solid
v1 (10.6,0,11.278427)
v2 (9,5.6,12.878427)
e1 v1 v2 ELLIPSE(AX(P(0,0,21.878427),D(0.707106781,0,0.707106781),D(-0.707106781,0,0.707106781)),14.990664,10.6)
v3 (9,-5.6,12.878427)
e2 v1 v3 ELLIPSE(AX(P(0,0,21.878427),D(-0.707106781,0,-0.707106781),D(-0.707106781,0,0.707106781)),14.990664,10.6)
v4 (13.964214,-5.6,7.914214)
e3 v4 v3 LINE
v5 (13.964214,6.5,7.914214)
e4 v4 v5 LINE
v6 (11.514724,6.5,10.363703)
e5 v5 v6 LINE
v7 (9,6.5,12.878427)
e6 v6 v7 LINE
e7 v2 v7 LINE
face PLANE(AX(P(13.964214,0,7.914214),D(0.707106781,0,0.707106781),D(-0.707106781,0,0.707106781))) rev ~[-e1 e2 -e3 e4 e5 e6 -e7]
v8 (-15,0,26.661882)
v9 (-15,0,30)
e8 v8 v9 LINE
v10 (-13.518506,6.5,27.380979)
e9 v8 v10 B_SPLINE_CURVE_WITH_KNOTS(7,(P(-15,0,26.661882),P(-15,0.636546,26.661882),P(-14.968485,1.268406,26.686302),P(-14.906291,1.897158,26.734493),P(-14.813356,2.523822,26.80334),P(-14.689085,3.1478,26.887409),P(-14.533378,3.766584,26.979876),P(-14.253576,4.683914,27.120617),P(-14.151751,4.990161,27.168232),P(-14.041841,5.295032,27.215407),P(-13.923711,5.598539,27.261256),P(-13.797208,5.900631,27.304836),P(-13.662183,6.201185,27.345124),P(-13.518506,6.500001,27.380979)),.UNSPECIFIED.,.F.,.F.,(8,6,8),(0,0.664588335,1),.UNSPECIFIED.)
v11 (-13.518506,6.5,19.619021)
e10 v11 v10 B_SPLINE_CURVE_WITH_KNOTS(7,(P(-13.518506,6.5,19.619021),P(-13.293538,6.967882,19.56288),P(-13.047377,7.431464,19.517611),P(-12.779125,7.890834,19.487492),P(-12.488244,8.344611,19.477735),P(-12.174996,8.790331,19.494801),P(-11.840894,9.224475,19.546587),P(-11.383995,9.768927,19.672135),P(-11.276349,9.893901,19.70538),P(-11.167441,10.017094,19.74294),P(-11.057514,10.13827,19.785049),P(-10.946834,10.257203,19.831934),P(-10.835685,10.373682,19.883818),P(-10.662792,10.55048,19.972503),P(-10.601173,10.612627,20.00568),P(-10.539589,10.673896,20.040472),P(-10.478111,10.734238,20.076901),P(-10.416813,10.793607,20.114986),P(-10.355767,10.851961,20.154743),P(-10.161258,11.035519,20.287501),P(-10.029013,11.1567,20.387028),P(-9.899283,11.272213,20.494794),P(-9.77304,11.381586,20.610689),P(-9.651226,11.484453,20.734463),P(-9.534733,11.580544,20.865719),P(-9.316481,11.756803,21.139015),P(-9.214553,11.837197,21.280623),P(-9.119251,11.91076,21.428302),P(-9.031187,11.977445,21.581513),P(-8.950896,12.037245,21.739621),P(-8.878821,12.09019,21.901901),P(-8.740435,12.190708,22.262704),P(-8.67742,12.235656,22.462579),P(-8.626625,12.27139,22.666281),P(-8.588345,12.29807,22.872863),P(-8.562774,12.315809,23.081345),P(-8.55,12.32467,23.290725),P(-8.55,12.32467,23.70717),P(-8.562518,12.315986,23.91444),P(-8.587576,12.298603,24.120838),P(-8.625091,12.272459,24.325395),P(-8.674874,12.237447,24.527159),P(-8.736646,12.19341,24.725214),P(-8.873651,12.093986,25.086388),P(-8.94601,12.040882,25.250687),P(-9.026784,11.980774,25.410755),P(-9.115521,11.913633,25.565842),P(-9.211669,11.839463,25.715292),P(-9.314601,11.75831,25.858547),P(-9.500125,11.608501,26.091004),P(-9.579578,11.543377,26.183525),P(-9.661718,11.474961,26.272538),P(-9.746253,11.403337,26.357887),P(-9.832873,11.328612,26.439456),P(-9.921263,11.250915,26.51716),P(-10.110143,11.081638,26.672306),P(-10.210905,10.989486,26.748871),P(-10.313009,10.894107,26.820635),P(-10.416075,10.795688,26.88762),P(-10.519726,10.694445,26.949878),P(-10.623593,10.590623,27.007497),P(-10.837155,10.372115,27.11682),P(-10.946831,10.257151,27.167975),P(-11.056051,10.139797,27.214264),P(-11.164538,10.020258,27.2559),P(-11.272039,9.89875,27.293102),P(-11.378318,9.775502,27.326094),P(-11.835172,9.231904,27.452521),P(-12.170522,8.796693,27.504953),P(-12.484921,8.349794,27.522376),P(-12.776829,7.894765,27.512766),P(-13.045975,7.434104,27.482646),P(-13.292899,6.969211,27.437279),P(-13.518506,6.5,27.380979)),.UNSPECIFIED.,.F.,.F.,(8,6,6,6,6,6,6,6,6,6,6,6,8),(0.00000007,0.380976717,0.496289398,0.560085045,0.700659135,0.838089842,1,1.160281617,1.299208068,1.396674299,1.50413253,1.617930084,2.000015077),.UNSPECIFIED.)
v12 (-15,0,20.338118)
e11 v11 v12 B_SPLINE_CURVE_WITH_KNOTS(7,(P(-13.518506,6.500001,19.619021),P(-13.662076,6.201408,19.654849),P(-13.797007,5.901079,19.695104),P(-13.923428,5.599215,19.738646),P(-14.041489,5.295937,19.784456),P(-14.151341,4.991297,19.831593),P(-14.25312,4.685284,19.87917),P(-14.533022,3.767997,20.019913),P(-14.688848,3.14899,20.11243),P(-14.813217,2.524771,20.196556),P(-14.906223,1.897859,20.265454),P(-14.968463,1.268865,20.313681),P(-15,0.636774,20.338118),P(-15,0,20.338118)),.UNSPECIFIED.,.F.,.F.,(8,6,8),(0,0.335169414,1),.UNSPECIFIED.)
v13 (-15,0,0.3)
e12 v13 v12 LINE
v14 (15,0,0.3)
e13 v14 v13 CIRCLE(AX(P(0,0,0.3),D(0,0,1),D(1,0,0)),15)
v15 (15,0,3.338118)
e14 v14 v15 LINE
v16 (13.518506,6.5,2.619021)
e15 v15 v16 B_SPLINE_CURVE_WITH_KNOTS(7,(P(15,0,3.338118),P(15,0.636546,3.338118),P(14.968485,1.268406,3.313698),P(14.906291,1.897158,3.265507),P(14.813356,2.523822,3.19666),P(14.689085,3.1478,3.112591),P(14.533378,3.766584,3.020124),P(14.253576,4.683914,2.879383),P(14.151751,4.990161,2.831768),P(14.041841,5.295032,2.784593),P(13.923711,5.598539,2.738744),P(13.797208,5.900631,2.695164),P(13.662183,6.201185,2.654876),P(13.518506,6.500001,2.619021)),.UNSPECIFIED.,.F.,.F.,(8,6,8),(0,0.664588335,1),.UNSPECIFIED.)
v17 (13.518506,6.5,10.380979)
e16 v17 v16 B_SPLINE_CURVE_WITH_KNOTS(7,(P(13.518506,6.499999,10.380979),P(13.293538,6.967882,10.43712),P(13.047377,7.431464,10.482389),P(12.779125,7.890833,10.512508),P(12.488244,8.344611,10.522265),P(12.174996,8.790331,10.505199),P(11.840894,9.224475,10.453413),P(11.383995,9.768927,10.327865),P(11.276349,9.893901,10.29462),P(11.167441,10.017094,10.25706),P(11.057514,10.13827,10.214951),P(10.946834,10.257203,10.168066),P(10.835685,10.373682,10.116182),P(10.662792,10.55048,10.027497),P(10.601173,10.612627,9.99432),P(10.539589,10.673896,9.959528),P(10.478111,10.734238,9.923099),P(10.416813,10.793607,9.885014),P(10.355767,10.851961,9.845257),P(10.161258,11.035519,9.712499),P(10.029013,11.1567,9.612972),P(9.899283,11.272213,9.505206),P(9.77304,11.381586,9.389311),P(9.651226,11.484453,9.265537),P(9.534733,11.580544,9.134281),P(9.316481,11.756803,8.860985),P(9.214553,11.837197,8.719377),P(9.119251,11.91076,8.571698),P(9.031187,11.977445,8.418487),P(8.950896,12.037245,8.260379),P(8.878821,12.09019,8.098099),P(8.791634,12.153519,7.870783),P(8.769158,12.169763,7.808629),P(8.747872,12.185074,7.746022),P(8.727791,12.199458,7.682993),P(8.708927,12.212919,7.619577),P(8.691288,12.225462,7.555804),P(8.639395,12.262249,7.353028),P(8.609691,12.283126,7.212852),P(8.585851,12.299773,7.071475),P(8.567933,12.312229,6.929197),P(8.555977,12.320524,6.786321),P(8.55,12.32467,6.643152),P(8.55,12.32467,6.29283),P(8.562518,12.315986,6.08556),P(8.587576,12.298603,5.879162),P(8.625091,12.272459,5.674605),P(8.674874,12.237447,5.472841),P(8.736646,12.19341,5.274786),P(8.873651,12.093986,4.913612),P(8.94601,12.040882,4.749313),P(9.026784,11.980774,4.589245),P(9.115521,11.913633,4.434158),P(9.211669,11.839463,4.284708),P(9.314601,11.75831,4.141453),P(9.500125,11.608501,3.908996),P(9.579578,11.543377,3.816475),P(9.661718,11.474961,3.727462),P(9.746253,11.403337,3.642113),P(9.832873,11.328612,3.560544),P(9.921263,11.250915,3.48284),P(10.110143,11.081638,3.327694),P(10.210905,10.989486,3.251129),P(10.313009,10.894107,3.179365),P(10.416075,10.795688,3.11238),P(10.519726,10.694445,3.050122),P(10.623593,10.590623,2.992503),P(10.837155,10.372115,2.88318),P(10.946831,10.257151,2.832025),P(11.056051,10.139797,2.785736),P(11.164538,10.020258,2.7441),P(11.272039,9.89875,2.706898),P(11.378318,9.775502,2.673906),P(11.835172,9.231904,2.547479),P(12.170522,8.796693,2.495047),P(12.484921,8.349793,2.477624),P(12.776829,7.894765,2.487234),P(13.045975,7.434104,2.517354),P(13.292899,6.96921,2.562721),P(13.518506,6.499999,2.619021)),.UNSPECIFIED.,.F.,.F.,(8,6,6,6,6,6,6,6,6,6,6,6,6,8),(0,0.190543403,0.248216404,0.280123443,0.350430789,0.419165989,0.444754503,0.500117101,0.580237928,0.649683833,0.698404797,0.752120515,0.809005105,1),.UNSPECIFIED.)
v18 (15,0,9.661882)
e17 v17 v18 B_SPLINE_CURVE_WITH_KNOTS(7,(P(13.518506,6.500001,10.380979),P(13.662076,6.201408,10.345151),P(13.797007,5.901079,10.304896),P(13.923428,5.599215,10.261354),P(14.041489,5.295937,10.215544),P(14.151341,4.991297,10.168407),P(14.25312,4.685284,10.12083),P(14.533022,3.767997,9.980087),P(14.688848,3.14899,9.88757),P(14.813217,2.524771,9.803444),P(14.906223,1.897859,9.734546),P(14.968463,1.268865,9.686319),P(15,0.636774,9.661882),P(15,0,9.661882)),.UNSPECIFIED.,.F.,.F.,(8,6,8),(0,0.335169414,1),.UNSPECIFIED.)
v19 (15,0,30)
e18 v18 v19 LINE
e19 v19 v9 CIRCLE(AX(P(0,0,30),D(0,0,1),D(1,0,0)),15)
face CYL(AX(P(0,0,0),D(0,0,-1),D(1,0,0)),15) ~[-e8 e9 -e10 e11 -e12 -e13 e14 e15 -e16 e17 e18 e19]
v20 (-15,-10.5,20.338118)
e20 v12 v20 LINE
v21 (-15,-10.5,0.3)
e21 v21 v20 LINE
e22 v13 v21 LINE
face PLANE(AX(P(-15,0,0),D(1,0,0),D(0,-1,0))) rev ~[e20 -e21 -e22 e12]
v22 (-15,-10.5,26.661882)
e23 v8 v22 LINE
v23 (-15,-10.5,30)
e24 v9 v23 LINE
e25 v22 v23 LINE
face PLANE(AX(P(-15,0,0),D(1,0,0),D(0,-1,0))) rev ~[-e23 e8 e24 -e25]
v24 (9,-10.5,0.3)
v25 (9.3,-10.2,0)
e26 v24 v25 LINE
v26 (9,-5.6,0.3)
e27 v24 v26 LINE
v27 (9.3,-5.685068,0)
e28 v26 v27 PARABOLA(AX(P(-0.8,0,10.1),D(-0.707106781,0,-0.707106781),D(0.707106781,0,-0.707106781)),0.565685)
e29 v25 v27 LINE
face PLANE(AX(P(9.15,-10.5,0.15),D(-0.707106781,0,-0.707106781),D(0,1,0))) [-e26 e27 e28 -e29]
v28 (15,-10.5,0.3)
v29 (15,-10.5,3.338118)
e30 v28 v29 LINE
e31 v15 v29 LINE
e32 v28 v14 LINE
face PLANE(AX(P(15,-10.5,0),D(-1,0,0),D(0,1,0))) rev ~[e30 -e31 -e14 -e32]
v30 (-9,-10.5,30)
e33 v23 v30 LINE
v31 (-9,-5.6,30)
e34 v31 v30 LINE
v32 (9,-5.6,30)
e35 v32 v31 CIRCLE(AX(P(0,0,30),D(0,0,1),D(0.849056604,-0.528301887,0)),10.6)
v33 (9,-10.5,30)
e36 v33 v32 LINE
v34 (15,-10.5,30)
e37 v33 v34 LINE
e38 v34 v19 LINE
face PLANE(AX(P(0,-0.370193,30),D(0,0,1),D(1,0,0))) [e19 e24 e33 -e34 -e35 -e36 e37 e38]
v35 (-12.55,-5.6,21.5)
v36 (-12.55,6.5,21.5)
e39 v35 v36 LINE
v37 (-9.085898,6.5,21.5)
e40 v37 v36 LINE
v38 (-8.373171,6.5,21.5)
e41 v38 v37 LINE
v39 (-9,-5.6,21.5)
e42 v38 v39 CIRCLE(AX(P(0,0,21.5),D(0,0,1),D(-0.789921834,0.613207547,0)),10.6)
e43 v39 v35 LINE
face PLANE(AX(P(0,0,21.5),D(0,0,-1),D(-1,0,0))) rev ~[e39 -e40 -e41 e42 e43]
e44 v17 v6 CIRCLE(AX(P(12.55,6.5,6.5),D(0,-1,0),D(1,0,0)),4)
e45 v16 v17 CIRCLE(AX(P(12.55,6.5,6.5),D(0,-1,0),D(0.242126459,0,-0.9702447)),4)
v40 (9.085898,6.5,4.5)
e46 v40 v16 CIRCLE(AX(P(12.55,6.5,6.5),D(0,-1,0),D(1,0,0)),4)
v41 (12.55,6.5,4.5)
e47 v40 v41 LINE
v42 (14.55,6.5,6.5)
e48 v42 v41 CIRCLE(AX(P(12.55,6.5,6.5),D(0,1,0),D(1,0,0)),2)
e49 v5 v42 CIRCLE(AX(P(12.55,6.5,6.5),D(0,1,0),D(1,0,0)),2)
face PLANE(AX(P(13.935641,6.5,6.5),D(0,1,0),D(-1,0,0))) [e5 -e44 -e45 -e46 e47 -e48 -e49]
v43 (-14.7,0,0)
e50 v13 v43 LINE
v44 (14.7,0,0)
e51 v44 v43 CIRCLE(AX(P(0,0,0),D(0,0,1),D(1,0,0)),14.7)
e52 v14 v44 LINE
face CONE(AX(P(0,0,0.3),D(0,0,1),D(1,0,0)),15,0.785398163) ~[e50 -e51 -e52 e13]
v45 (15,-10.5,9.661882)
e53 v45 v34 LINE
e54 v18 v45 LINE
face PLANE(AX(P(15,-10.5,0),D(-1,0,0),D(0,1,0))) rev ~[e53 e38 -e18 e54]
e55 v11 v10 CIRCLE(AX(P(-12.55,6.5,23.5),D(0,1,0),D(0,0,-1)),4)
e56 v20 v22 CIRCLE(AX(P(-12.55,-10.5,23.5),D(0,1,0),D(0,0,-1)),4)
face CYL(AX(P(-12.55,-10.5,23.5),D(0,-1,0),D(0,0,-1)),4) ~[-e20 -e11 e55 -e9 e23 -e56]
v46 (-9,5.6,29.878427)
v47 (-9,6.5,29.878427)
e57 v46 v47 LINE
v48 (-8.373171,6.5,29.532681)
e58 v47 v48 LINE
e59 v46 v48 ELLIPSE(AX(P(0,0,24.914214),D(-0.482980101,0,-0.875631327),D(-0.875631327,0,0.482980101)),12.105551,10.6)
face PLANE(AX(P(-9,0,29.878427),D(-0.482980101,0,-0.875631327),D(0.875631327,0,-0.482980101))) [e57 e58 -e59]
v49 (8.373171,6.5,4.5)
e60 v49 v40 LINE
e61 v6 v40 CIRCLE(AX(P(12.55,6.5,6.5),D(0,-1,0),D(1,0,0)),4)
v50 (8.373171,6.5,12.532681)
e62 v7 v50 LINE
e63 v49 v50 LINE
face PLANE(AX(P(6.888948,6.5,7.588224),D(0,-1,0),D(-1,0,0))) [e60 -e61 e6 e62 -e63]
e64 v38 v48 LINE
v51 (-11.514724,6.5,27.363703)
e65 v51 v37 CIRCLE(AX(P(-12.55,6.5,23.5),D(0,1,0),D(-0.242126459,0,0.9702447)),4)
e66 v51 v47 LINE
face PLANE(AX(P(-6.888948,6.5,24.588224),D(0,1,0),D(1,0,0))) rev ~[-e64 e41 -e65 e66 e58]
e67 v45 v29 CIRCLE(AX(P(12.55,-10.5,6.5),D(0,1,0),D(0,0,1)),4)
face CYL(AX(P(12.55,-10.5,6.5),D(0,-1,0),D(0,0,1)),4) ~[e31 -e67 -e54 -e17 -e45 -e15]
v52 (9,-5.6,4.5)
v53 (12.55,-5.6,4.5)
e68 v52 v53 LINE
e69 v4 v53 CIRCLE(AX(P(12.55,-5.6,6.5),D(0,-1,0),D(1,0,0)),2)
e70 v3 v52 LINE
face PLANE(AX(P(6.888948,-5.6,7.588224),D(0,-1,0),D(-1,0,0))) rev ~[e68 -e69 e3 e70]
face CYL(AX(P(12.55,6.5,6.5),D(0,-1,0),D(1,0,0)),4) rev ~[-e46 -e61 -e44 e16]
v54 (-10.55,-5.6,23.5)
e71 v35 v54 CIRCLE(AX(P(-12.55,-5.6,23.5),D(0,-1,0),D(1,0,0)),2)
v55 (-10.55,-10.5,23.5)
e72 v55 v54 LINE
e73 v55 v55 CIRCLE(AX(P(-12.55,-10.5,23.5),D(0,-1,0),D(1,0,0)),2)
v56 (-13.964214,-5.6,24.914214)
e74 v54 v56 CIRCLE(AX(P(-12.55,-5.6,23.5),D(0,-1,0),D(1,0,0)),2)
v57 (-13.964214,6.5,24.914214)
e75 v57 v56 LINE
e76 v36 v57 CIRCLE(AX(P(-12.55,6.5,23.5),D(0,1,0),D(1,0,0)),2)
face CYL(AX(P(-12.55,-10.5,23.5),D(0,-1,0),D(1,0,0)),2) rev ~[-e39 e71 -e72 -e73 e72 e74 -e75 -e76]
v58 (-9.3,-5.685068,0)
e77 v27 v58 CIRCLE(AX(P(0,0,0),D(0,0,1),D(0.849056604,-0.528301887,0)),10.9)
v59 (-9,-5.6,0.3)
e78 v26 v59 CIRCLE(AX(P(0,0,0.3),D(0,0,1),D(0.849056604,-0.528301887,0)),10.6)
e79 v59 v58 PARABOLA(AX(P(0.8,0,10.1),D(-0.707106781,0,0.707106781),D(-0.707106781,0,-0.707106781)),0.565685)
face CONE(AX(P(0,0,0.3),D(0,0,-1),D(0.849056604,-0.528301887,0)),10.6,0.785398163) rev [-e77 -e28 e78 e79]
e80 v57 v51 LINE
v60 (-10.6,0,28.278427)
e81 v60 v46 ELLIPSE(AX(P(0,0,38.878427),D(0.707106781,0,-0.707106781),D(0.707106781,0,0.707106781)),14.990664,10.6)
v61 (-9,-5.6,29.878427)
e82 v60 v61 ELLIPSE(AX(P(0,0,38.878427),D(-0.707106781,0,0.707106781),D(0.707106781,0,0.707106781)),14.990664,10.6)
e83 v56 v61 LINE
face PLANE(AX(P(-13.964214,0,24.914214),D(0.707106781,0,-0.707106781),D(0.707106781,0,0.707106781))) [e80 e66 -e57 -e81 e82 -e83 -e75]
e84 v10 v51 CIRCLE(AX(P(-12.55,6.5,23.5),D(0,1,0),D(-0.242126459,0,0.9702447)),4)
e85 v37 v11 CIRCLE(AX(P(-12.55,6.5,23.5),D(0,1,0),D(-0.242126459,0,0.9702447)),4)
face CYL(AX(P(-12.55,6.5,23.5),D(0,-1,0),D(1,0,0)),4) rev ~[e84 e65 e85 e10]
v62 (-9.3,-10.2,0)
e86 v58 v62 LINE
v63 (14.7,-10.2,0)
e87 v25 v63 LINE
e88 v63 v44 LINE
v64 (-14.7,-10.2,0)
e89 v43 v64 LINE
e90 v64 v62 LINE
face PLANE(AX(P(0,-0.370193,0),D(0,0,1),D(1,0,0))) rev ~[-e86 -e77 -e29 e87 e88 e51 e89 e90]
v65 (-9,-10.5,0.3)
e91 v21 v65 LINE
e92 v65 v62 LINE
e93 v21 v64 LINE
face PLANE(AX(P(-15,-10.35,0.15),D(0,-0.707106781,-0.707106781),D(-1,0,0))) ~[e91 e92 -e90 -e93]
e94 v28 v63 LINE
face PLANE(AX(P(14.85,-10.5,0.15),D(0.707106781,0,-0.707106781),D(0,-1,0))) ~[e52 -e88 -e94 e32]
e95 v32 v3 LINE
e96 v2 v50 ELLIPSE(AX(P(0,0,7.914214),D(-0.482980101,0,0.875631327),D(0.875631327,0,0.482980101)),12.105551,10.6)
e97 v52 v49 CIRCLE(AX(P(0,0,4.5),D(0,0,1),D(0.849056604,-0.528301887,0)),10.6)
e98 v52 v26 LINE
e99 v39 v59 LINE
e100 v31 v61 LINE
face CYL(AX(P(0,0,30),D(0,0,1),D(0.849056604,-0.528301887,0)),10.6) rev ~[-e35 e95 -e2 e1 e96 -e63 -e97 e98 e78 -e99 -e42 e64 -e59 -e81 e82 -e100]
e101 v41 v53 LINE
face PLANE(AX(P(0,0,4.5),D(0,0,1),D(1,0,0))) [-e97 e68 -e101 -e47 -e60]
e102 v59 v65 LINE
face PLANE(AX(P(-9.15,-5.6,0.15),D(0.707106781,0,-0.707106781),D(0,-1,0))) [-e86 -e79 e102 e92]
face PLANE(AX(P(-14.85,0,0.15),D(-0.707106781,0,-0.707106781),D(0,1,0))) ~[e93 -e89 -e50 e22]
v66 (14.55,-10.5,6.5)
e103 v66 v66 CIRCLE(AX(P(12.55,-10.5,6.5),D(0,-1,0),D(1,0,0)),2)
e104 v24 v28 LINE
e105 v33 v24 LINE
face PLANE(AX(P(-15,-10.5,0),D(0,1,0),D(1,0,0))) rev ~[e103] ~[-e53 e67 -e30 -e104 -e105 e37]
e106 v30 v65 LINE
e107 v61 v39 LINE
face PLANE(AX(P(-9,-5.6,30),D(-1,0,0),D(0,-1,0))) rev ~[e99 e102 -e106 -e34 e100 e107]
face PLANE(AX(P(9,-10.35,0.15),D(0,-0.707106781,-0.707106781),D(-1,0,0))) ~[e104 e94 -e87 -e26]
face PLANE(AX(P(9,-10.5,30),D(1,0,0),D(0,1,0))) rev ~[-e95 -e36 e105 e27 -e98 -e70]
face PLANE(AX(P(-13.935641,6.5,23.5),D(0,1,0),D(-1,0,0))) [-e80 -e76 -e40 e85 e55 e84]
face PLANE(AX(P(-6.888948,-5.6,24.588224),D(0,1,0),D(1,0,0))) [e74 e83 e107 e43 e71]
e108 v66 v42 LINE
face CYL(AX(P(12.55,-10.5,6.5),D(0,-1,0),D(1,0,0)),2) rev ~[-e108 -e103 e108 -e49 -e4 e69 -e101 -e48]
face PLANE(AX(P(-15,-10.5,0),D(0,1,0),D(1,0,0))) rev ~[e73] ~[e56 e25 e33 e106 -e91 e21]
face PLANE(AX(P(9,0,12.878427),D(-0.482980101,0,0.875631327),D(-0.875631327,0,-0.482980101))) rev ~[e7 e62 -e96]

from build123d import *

# Parameters (mm, degrees)
BOSS_EXTRUDE1_DEPTH     = 30
BOSS_EXTRUDE2_DEPTH     = 17
SKETCH2_R               = 2
CUT_EXTRUDE7_DEPTH      = 26.5000001
CUT_EXTRUDE2_START      = -17
SKETCH3_R               = 4
CUT_EXTRUDE2_DEPTH      = 9.5000001
CUT_EXTRUDE3_DEPTH      = 31.0000001
CUT_EXTRUDE8_DEPTH      = 6.5
CUT_EXTRUDE8_DEPTH_BACK = 5.6
CHAMFER1_SIZE           = 0.3


with BuildPart() as part:
    # Sketch1 → Boss-Extrude1 (new body)
    with BuildSketch(Plane.XY):
        with BuildLine():
            Line((-9, -10.5), (9, -10.5))
            Line((9, -10.5), (15, -10.5))
            Line((15, -10.5), (15, 0))
            ThreePointArc((15, 0), (0, 15), (-15, 0))
            Line((-15, 0), (-15, -10.5))
            Line((-15, -10.5), (-9, -10.5))
        make_face()
    extrude(amount=BOSS_EXTRUDE1_DEPTH)

    # Sketch4 → Boss-Extrude2 (add)
    with BuildSketch(Plane.XZ.offset(10.5)):
        with BuildLine():
            Line((-12.55, 27.5), (-12.55, 19.5))
            ThreePointArc((-12.55, 19.5), (-16.55, 23.5), (-12.55, 27.5))
        make_face()
        with BuildLine():
            Line((12.55, 2.5), (12.55, 10.5))
            ThreePointArc((12.55, 10.5), (16.55, 6.5), (12.55, 2.5))
        make_face()
    extrude(amount=-BOSS_EXTRUDE2_DEPTH)

    # Sketch2 → Cut-Extrude7 (cut, through all)
    with BuildSketch(Plane.XZ.offset(10.5)):
        with Locations((12.55, 6.5)):
            Circle(SKETCH2_R)
        with Locations((-12.55, 23.5)):
            Circle(SKETCH2_R)
    extrude(amount=-CUT_EXTRUDE7_DEPTH, mode=Mode.SUBTRACT)

    # Sketch3 → Cut-Extrude2 (cut, through all)
    with BuildSketch(Plane.XZ.offset(10.5).offset(CUT_EXTRUDE2_START)):
        with Locations((12.55, 6.5)):
            Circle(SKETCH3_R)
        with Locations((-12.55, 23.5)):
            Circle(SKETCH3_R)
    extrude(amount=-CUT_EXTRUDE2_DEPTH, mode=Mode.SUBTRACT)

    # Sketch5 → Cut-Extrude3 (cut, through all)
    with BuildSketch(Plane.XY.offset(30)):
        with BuildLine():
            Line((-9, -10.5), (9, -10.5))
            Line((9, -10.5), (9, -5.6))
            ThreePointArc((9, -5.6), (0, 10.6), (-9, -5.6))
            Line((-9, -5.6), (-9, -10.5))
        make_face()
    extrude(amount=-CUT_EXTRUDE3_DEPTH, mode=Mode.SUBTRACT)

    # Sketch6 → Cut-Extrude8 (cut, two sides)
    with BuildSketch(Plane(origin=(0, 0, 0), x_dir=(1, 0, 0), z_dir=(0, 1, 0))) as cut_extrude8_sk:
        Polygon((0, -24.914213562), (0, -21.5), (-12.55, -21.5), (-13.964213562, -24.914213562), (-9, -29.878427125), align=None)
        Polygon((0, -7.914213562), (0, -4.5), (12.55, -4.5), (13.964213562, -7.914213562), (9, -12.878427125), align=None)
    extrude(amount=CUT_EXTRUDE8_DEPTH, mode=Mode.SUBTRACT)
    extrude(cut_extrude8_sk.sketch, amount=-CUT_EXTRUDE8_DEPTH_BACK, mode=Mode.SUBTRACT)

    # Chamfer1
    chamfer1_edges = [part.edges().sort_by_distance(p)[0] for p in [
        (0, 15, 0),
        (15, -5.25, 0),
        (-12, -10.5, 0),
        (-15, -5.25, 0),
        (12, -10.5, 0),
        (0, 10.6, 0),
        (9, -8.05, 0),
        (-9, -8.05, 0),
    ]]
    chamfer(chamfer1_edges, length=CHAMFER1_SIZE)


solid = part.part
